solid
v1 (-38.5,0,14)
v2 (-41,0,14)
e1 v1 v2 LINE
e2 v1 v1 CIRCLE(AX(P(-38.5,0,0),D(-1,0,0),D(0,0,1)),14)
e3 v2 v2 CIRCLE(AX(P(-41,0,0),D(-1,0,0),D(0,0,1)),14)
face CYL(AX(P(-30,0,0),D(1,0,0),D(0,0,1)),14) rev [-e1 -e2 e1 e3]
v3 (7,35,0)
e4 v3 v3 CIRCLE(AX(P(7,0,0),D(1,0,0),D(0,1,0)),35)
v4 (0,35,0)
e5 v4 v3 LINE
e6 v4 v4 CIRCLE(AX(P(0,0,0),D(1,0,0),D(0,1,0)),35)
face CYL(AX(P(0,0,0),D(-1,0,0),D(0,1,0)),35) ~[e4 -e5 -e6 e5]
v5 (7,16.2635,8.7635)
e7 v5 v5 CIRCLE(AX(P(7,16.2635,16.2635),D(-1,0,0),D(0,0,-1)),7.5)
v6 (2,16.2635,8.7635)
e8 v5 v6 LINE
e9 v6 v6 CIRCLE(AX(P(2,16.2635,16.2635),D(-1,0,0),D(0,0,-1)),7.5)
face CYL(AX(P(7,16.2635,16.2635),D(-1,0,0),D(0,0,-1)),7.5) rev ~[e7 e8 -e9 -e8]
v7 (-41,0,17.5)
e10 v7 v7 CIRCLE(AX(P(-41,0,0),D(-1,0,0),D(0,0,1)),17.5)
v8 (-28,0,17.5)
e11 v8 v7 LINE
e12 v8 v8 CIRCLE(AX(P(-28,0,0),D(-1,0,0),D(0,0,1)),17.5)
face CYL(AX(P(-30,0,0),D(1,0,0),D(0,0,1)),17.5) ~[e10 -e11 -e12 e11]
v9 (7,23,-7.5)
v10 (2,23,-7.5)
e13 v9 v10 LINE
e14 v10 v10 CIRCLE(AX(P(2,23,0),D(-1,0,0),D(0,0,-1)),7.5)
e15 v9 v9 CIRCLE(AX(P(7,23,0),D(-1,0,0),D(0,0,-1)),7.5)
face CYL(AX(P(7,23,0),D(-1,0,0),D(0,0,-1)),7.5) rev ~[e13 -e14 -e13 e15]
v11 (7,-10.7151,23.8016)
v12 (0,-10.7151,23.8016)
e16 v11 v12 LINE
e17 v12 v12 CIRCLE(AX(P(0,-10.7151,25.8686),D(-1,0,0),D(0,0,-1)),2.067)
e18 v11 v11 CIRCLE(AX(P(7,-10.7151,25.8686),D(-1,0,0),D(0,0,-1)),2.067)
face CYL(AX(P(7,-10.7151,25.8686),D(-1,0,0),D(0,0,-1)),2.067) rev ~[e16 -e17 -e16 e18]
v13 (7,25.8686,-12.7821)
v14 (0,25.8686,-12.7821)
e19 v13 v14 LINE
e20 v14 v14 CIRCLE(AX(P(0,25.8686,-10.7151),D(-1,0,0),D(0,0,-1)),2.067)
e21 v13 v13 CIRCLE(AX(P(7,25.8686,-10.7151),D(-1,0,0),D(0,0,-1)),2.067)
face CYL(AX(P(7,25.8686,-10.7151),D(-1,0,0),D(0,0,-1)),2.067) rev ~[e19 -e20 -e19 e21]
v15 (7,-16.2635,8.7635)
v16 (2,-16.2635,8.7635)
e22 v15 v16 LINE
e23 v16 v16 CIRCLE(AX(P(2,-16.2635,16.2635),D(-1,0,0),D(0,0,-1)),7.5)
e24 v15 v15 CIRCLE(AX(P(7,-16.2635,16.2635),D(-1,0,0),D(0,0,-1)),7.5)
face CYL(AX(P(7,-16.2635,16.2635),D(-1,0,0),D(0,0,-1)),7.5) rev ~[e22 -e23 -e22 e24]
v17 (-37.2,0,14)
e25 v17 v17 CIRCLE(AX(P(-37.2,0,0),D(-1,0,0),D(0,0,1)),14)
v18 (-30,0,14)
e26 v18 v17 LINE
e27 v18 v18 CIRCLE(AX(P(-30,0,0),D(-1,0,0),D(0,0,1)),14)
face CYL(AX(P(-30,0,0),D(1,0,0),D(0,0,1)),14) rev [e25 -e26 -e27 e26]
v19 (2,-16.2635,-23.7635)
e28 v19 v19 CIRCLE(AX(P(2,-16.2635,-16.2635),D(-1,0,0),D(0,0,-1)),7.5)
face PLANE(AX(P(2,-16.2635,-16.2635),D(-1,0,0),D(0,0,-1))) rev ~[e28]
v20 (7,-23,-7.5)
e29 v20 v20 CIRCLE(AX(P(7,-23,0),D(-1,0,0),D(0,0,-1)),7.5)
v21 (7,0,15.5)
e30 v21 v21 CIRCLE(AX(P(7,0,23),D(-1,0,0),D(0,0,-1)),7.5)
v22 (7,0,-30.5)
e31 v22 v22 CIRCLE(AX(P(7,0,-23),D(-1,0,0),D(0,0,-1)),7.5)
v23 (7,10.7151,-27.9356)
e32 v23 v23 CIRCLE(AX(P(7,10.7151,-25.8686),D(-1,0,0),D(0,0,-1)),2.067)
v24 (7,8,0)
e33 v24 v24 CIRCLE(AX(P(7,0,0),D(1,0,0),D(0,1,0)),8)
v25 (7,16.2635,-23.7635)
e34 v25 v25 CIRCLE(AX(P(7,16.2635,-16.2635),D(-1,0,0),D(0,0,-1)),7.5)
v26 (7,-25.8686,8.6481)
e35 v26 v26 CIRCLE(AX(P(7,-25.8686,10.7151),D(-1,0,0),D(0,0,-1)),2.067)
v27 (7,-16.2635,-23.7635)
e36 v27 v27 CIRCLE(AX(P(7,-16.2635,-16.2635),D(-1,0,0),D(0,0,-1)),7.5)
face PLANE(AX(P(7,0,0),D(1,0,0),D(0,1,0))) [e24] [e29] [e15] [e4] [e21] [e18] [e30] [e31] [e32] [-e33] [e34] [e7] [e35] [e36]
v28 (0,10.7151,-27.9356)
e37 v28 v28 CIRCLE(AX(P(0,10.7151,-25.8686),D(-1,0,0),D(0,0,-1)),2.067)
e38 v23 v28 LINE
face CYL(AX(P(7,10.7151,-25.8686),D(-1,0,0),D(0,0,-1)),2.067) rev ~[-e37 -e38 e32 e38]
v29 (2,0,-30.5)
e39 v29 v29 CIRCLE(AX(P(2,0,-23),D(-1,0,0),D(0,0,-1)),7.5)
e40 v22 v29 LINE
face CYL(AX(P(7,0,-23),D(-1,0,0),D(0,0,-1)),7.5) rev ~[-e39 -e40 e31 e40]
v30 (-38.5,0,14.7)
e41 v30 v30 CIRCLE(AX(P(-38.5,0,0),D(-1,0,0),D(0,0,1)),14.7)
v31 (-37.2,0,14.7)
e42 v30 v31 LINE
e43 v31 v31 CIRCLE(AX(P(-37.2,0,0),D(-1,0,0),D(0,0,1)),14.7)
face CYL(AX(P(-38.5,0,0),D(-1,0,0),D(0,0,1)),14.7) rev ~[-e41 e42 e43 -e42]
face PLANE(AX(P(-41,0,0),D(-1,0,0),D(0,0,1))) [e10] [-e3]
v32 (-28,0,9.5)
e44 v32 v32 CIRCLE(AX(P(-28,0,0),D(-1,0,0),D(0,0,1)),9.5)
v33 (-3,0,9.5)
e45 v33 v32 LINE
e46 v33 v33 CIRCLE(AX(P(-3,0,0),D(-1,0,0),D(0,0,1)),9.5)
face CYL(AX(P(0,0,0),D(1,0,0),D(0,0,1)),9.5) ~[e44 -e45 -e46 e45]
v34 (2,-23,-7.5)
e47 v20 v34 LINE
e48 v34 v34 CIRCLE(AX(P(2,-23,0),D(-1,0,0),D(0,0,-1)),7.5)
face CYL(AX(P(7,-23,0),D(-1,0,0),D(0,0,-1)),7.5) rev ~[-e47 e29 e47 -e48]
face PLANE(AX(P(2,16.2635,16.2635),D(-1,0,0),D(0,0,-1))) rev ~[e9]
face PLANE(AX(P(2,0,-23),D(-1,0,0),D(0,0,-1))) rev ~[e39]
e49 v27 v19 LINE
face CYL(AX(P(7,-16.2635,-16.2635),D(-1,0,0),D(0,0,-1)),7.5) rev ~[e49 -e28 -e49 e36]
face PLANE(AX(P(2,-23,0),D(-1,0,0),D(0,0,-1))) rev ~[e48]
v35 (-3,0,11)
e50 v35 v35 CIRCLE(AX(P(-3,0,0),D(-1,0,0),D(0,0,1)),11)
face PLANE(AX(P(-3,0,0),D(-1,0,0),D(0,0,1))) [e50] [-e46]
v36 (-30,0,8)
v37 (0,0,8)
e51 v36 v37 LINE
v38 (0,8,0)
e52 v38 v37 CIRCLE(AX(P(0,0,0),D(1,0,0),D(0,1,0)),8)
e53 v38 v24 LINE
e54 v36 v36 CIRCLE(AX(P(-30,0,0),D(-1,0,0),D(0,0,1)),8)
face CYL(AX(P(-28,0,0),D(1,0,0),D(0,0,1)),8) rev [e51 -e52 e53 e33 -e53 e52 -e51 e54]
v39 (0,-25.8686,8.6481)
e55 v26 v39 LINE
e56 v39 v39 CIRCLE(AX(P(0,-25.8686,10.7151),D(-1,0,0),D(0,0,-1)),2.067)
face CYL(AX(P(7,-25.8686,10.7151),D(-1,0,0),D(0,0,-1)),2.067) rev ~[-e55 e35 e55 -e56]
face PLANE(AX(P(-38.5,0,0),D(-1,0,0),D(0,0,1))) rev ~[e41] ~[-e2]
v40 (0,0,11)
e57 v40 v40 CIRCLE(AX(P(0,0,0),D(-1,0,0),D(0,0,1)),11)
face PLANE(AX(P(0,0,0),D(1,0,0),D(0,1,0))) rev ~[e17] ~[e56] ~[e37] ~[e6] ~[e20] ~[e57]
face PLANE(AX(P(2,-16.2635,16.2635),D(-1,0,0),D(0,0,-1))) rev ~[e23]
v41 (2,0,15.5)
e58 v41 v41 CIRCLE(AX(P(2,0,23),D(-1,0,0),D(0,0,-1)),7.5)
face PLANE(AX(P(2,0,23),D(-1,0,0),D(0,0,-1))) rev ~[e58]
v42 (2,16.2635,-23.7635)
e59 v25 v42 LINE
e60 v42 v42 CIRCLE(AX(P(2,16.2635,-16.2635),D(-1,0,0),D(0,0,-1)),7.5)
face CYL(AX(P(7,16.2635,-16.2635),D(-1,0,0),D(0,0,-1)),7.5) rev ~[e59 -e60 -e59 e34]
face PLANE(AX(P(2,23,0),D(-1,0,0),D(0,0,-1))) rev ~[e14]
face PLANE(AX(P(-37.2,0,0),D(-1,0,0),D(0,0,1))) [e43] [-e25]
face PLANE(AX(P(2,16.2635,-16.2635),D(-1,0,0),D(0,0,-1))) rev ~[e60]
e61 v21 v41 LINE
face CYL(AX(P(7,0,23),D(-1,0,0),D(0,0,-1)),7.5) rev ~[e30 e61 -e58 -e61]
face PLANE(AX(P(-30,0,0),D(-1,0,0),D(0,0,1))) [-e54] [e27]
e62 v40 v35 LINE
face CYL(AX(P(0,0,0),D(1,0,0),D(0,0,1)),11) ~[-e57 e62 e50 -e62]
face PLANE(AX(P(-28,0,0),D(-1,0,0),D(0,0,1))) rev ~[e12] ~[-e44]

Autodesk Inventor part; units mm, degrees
ref_plane "YZ Plane" through (0, 0, 0) normal (1, 0, 0) x (0, 1, 0)
ref_plane "XZ Plane" through (0, 0, 0) normal (0, 1, 0) x (-1, 0, 0)
sketch "Sketch1" plane through (0, 0, 0) normal (1, 0, 0) x (0, 1, 0)
  circle A0 centre (0, 0) radius 35
  circle A1 centre (0, 0) radius 8
  dimension "d0" = 70
  dimension "d1" = 16
extrude "Extrusion1" add sketch "Sketch1" along normal blind 7
sketch "Sketch2" plane through (7, 0, 0) normal (1, 0, 0) x (0, 0, -1)
  circle A0 centre (0, 0) radius 23 construction
  point P0 (-23, 0)
  point P1 (-16.2635, -16.2635)
  point P2 (0, -23)
  point P3 (16.2635, -16.2635)
  point P4 (23, 0)
  point P5 (16.2635, 16.2635)
  point P6 (0, 23)
  point P7 (-16.2635, 16.2635)
  dimension "d4" = 46
  dimension "d5" = 0
  dimension "d8" = 360
hole "Hole1" at (7, 0, 23) at (7, -16.2635, 16.2635) at (7, -23, 0) at (7, -16.2635, -16.2635) at (7, 0, -23) at (7, 16.2635, -16.2635) at (7, 23, 0) at (7, 16.2635, 16.2635) direction (-1, 0, 0) diameter 15 depth 5
sketch "Sketch3" plane through (0, 0, 0) normal (-1, 0, 0) x (0, 0, 1)
  circle A0 centre (0, 0) radius 35 projected
  circle A1 centre (0, 0) radius 8 projected
  circle A2 centre (0, 0) radius 9.5
  dimension "d17" = 19
extrude "Extrusion2" add sketch "Sketch3" along normal blind 28 contours A2
sketch "Sketch4" plane through (0, 0, 0) normal (-1, 0, 0) x (0, 0, 1)
  circle A0 centre (0, 0) radius 11
  circle A1 centre (0, 0) radius 9.5 projected
  dimension "d20" = 22
extrude "Extrusion3" add sketch "Sketch4" along normal blind 3
sketch "Sketch5" plane through (-28, 0, 0) normal (-1, 0, 0) x (0, 0, 1)
  circle A0 centre (0, 0) radius 17.5
  circle A1 centre (0, 0) radius 8 projected
  dimension "d23" = 35
extrude "Extrusion4" add sketch "Sketch5" along normal blind 2
sketch "Sketch6" plane through (-30, 0, 0) normal (-1, 0, 0) x (0, 0, 1)
  circle A0 centre (0, 0) radius 17.5
  circle A1 centre (0, 0) radius 8 projected
  circle A2 centre (0, 0) radius 14
  dimension "d26" = 28
  dimension "d27" = 35
extrude "Extrusion5" add sketch "Sketch6" along normal blind 11 contours A0
ref_plane "Work Plane1" through (-38.5, 0, 0) normal (-1, 0, 0) x (0, 0, 1)
sketch "Sketch7" plane through (-38.5, 0, 0) normal (-1, 0, 0) x (0, 0, 1)
  circle A0 centre (0, 0) radius 14 projected
  circle A1 centre (0, 0) radius 14.7
  dimension "d31" = 29.4
extrude "Extrusion6" cut sketch "Sketch7" against normal blind 1.3
sketch "Sketch12" plane through (7, 0, 0) normal (1, 0, 0) x (0, 0, -1)
  circle A0 centre (0, 23) radius 7.5 projected
  circle A1 centre (23, 0) radius 7.5 projected
  circle A2 centre (0, -23) radius 7.5 projected
  circle A3 centre (-23, 0) radius 7.5 projected
  circle A4 centre (-16.2635, -16.2635) radius 7.5 projected
  circle A5 centre (16.2635, -16.2635) radius 7.5 projected
  circle A6 centre (16.2635, 16.2635) radius 7.5 projected
  circle A7 centre (-16.2635, 16.2635) radius 7.5 projected
  circle A8 centre (0, 0) radius 35 projected
  circle A9 centre (0, 0) radius 8 projected
  circle A10 centre (0, 0) radius 28 construction
  line L0 (-16.2635, 16.2635) -> (16.2635, -16.2635) construction
  line L1 (0, 0) -> (0, 23)
  line L2 (0, 0) -> (10.7151, 25.8686)
  line L3 (0, 0) -> (25.8686, 10.7151)
  point P0 (-25.8686, -10.7151)
  point P1 (-10.7151, -25.8686)
  dimension "d41" = 56
  dimension "d42" = 22.5
  dimension "d43" = 45
hole "Hole3" at (7, 25.8686, -10.7151) at (7, 10.7151, -25.8686) at (7, -25.8686, 10.7151) at (7, -10.7151, 25.8686) direction (-1, 0, 0) diameter 4.134 depth 14.2 tip angle 118 thread size "M5x0.8" class "6H" standard "ANSI Metric M Profile"
sketch "Sketch13" plane through (7, 0, 0) normal (1, 0, 0) x (0, 0, -1)
  circle A0 centre (10.7151, 25.8686) radius 2.067 projected
  circle A1 centre (25.8686, 10.7151) radius 2.067 projected
  line L0 (10.7151, 25.8686) -> (25.8686, 10.7151)
  point P0 (0, 0)
properties part number "P411" material "Aluminum 6061"
